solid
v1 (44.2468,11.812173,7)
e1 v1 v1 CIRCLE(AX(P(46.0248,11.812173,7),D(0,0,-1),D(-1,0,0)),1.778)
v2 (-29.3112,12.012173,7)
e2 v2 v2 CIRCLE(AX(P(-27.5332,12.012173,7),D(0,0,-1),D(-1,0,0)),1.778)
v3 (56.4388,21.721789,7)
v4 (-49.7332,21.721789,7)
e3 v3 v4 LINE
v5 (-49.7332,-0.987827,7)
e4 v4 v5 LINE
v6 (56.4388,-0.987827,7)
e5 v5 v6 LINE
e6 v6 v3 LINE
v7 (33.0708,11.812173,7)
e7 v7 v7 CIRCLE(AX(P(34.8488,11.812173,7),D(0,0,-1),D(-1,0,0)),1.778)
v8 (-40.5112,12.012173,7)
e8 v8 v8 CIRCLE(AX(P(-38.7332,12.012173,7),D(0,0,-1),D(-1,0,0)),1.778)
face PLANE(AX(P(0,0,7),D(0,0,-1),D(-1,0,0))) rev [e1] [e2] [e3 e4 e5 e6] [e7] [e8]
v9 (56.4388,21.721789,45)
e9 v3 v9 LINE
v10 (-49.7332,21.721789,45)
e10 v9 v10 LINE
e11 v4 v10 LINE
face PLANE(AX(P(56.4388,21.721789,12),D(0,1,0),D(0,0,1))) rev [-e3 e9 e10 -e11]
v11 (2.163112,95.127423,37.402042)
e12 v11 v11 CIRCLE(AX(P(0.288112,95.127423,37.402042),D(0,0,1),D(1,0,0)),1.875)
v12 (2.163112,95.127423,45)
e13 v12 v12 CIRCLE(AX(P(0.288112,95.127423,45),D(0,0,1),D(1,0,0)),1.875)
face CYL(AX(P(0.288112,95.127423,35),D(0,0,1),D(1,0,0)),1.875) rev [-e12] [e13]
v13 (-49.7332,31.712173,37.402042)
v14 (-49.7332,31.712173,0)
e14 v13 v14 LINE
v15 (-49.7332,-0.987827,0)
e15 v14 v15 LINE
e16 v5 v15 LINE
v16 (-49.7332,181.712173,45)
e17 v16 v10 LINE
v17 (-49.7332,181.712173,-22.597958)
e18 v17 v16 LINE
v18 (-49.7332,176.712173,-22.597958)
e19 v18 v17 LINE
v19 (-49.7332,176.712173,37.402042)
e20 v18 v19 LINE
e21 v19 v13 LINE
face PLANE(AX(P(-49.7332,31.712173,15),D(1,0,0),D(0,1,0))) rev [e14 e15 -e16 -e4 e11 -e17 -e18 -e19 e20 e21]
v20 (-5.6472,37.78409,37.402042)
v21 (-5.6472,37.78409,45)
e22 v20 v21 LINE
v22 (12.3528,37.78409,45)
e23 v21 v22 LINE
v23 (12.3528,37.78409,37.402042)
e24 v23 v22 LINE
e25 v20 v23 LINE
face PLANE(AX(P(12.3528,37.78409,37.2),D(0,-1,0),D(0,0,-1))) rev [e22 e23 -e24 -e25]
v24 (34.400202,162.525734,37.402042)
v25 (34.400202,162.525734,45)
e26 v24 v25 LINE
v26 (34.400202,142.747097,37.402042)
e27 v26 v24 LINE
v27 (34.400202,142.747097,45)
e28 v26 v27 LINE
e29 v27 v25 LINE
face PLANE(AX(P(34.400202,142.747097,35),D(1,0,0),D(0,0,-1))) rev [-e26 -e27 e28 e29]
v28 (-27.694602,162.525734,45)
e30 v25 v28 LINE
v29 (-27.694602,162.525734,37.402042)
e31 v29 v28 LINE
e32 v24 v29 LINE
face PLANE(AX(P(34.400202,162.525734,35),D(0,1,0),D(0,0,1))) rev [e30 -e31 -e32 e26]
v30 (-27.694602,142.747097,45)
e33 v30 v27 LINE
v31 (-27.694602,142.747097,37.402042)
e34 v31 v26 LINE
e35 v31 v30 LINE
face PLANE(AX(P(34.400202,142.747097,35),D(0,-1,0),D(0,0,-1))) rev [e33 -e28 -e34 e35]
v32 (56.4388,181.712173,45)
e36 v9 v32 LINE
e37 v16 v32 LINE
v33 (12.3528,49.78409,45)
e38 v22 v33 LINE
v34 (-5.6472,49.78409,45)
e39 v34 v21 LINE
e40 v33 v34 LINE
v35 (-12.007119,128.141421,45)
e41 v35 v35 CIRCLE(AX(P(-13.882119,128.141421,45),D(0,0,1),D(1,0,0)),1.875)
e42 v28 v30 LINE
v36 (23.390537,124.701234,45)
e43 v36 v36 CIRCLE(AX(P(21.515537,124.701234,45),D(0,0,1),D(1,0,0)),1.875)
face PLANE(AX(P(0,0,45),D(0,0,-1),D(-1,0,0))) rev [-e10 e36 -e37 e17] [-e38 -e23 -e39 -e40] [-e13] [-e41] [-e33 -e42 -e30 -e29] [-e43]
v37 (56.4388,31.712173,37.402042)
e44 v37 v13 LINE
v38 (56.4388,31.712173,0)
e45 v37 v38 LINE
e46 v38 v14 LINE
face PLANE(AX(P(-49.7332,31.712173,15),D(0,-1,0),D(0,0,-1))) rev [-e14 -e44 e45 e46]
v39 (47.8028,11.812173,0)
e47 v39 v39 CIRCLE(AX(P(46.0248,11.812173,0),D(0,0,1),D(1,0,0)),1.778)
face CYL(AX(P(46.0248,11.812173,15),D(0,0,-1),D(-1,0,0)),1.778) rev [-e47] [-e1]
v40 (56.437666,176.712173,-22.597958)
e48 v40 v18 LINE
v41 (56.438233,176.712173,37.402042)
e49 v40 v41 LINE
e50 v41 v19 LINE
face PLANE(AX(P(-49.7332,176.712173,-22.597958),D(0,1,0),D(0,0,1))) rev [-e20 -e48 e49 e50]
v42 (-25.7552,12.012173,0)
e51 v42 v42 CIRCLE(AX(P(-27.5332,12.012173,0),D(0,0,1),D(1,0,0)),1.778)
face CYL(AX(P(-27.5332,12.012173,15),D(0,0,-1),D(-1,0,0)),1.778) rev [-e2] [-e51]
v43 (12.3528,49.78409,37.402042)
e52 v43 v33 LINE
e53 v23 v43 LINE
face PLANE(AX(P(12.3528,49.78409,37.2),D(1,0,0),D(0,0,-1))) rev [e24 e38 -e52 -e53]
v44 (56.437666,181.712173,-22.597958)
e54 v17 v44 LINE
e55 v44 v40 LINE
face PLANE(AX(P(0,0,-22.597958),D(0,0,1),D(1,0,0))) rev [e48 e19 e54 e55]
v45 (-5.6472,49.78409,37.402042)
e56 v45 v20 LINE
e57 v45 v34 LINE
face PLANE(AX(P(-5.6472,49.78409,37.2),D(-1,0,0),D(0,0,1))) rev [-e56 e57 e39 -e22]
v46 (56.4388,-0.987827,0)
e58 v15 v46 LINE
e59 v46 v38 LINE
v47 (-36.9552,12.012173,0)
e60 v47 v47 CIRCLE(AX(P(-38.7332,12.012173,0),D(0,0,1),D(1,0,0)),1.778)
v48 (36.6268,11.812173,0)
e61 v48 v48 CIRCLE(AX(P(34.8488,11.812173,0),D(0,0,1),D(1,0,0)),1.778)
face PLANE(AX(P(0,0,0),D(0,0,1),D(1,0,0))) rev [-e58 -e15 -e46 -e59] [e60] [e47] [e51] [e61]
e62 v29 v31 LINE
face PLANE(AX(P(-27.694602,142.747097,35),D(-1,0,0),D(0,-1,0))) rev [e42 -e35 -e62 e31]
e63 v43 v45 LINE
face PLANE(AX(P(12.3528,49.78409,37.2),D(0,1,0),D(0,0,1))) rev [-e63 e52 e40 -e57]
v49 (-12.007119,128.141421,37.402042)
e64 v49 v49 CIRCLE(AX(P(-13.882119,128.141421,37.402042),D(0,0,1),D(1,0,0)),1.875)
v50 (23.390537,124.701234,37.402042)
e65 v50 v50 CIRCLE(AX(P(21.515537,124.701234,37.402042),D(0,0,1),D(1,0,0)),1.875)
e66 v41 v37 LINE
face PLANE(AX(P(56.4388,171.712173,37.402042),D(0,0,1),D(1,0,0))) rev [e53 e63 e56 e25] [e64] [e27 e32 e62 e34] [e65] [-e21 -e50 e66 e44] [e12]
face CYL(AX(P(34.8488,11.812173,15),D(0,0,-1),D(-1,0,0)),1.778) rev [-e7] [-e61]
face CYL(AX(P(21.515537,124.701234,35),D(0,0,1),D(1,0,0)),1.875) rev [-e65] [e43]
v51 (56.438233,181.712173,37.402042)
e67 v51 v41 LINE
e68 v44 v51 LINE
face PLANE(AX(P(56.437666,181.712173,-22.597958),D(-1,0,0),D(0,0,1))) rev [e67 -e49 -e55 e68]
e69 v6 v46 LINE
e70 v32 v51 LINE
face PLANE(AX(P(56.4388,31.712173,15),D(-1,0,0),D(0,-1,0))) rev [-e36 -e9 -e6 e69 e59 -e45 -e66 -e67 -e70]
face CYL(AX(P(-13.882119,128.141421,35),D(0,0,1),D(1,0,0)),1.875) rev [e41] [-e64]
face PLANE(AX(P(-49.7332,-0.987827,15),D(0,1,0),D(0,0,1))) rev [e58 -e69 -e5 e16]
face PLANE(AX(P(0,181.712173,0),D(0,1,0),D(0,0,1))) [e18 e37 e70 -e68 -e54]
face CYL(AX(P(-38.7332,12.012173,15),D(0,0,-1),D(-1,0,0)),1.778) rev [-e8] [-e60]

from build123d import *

# Parameters (mm, degrees)
SKETCH_1_W          = 106.172
SKETCH_1_H          = 32.7
SKETCH_1_R          = 1.778
EXTRUDE_1_DEPTH     = 15
SKETCH_2_W          = 106.172
SKETCH_2_H          = 32.7
SKETCH_2_R          = 1.778
EXTRUDE_2_DEPTH     = 30
EXTRUDE_3_DEPTH     = 106
SKETCH_8_W          = 106.172
SKETCH_8_H          = 7.597957824
EXTRUDE_5_DEPTH     = 140
CUT_EXTRUDE_1_DEPTH = 146
SKETCH_11_W         = 106.172
SKETCH_11_H         = 7.597957824
EXTRUDE_7_DEPTH     = 10
SKETCH_15_W         = 106.17086593
SKETCH_15_H         = 5
EXTRUDE_11_DEPTH    = 60
SKETCH_16_W         = 18
SKETCH_16_H         = 12
CUT_EXTRUDE_2_DEPTH = 7.8
SKETCH_18_R         = 1.875
CUT_EXTRUDE_3_DEPTH = 10
SKETCH_20_W         = 106.172
SKETCH_20_H         = 22.709616495
CUT_EXTRUDE_4_DEPTH = 33
SKETCH_21_W         = 106.172
SKETCH_21_H         = 22.709616495
CUT_EXTRUDE_5_DEPTH = 5
SKETCH_30_W         = 62.094803524
SKETCH_30_H         = 19.778637262
CUT_EXTRUDE_6_DEPTH = 10


with BuildPart() as part:
    # 스케치1 → 보스-돌출1 (new body)
    with BuildSketch(Plane.XY):
        with Locations((3.3528, 15.362172506)):
            Rectangle(SKETCH_1_W, SKETCH_1_H)
        with Locations((46.0248, 11.812172506)):
            Circle(SKETCH_1_R, mode=Mode.SUBTRACT)
        with Locations((34.8488, 11.812172506)):
            Circle(SKETCH_1_R, mode=Mode.SUBTRACT)
        with Locations((-38.7332, 12.012172506)):
            Circle(SKETCH_1_R, mode=Mode.SUBTRACT)
        with Locations((-27.5332, 12.012172506)):
            Circle(SKETCH_1_R, mode=Mode.SUBTRACT)
    extrude(amount=EXTRUDE_1_DEPTH)

    # 스케치2 → 보스-돌출2 (add)
    with BuildSketch(Plane.XY.offset(15)):
        with Locations((3.3528, 15.362172506)):
            Rectangle(SKETCH_2_W, SKETCH_2_H)
        with Locations((-38.7332, 12.012172506)):
            Circle(SKETCH_2_R, mode=Mode.SUBTRACT)
        with Locations((-27.5332, 12.012172506)):
            Circle(SKETCH_2_R, mode=Mode.SUBTRACT)
        with Locations((34.8488, 11.812172506)):
            Circle(SKETCH_2_R, mode=Mode.SUBTRACT)
        with Locations((46.0248, 11.812172506)):
            Circle(SKETCH_2_R, mode=Mode.SUBTRACT)
    extrude(amount=EXTRUDE_2_DEPTH)

    # 스케치4 → 보스-돌출3 (add)
    with BuildSketch(Plane.ZY.offset(49.7332)):
        Polygon((45, -0.987827494), (25.502768184, 31.712172506), (45, 31.712172506), align=None)
    extrude(amount=-EXTRUDE_3_DEPTH)

    # 스케치8 → 보스-돌출5 (add)
    with BuildSketch(Plane(origin=(0, 31.712172506, 0), x_dir=(1, 0, 0), z_dir=(0, 1, 0))):
        with Locations((3.3528, -41.201021088)):
            Rectangle(SKETCH_8_W, SKETCH_8_H)
    extrude(amount=EXTRUDE_5_DEPTH)

    # 스케치9 → 컷-돌출1 (cut)
    with BuildSketch(Plane.ZY.offset(49.7332)):
        Polygon((45, -0.987827494), (17.051243473, -0.987827494), (45, 21.721789001), align=None)
    extrude(amount=-CUT_EXTRUDE_1_DEPTH, mode=Mode.SUBTRACT)

    # 스케치11 → 보스-돌출7 (add)
    with BuildSketch(Plane(origin=(0, 171.712172506, 0), x_dir=(1, 0, 0), z_dir=(0, 1, 0))):
        with Locations((3.3528, -41.201021088)):
            Rectangle(SKETCH_11_W, SKETCH_11_H)
    extrude(amount=EXTRUDE_7_DEPTH)

    # 스케치15 → 보스-돌출11 (add)
    with BuildSketch(Plane(origin=(0, 0, 37.402042176), x_dir=(-1, 0, 0), z_dir=(0, 0, -1))):
        with Locations((-3.352232965, 179.212172506)):
            Rectangle(SKETCH_15_W, SKETCH_15_H)
    extrude(amount=EXTRUDE_11_DEPTH)

    # 스케치16 → 컷-돌출2 (cut)
    with BuildSketch(Plane.XY.offset(45)):
        with Locations((3.3528, 43.784089849)):
            Rectangle(SKETCH_16_W, SKETCH_16_H)
    extrude(amount=-CUT_EXTRUDE_2_DEPTH, mode=Mode.SUBTRACT)

    # 스케치18 → 컷-돌출3 (cut)
    with BuildSketch(Plane.XY.offset(45)):
        with Locations((-13.882118572, 128.141421182)):
            Circle(SKETCH_18_R)
        with Locations((21.515537396, 124.701234261)):
            Circle(SKETCH_18_R)
        with Locations((0.28811198, 95.127423383)):
            Circle(SKETCH_18_R)
    extrude(amount=-CUT_EXTRUDE_3_DEPTH, mode=Mode.SUBTRACT)

    # 스케치20 → 컷-돌출4 (cut)
    with BuildSketch(Plane.XY.offset(45)):
        with Locations((3.3528, 10.366980754)):
            Rectangle(SKETCH_20_W, SKETCH_20_H)
    extrude(amount=-CUT_EXTRUDE_4_DEPTH, mode=Mode.SUBTRACT)

    # 스케치21 → 컷-돌출5 (cut)
    with BuildSketch(Plane.XY.offset(12)):
        with Locations((3.3528, 10.366980754)):
            Rectangle(SKETCH_21_W, SKETCH_21_H)
    extrude(amount=-CUT_EXTRUDE_5_DEPTH, mode=Mode.SUBTRACT)

    # 스케치30 → 컷-돌출6 (cut)
    with BuildSketch(Plane.XY.offset(45)):
        with Locations((3.3528, 152.636415487)):
            Rectangle(SKETCH_30_W, SKETCH_30_H)
    extrude(amount=-CUT_EXTRUDE_6_DEPTH, mode=Mode.SUBTRACT)


solid = part.part
